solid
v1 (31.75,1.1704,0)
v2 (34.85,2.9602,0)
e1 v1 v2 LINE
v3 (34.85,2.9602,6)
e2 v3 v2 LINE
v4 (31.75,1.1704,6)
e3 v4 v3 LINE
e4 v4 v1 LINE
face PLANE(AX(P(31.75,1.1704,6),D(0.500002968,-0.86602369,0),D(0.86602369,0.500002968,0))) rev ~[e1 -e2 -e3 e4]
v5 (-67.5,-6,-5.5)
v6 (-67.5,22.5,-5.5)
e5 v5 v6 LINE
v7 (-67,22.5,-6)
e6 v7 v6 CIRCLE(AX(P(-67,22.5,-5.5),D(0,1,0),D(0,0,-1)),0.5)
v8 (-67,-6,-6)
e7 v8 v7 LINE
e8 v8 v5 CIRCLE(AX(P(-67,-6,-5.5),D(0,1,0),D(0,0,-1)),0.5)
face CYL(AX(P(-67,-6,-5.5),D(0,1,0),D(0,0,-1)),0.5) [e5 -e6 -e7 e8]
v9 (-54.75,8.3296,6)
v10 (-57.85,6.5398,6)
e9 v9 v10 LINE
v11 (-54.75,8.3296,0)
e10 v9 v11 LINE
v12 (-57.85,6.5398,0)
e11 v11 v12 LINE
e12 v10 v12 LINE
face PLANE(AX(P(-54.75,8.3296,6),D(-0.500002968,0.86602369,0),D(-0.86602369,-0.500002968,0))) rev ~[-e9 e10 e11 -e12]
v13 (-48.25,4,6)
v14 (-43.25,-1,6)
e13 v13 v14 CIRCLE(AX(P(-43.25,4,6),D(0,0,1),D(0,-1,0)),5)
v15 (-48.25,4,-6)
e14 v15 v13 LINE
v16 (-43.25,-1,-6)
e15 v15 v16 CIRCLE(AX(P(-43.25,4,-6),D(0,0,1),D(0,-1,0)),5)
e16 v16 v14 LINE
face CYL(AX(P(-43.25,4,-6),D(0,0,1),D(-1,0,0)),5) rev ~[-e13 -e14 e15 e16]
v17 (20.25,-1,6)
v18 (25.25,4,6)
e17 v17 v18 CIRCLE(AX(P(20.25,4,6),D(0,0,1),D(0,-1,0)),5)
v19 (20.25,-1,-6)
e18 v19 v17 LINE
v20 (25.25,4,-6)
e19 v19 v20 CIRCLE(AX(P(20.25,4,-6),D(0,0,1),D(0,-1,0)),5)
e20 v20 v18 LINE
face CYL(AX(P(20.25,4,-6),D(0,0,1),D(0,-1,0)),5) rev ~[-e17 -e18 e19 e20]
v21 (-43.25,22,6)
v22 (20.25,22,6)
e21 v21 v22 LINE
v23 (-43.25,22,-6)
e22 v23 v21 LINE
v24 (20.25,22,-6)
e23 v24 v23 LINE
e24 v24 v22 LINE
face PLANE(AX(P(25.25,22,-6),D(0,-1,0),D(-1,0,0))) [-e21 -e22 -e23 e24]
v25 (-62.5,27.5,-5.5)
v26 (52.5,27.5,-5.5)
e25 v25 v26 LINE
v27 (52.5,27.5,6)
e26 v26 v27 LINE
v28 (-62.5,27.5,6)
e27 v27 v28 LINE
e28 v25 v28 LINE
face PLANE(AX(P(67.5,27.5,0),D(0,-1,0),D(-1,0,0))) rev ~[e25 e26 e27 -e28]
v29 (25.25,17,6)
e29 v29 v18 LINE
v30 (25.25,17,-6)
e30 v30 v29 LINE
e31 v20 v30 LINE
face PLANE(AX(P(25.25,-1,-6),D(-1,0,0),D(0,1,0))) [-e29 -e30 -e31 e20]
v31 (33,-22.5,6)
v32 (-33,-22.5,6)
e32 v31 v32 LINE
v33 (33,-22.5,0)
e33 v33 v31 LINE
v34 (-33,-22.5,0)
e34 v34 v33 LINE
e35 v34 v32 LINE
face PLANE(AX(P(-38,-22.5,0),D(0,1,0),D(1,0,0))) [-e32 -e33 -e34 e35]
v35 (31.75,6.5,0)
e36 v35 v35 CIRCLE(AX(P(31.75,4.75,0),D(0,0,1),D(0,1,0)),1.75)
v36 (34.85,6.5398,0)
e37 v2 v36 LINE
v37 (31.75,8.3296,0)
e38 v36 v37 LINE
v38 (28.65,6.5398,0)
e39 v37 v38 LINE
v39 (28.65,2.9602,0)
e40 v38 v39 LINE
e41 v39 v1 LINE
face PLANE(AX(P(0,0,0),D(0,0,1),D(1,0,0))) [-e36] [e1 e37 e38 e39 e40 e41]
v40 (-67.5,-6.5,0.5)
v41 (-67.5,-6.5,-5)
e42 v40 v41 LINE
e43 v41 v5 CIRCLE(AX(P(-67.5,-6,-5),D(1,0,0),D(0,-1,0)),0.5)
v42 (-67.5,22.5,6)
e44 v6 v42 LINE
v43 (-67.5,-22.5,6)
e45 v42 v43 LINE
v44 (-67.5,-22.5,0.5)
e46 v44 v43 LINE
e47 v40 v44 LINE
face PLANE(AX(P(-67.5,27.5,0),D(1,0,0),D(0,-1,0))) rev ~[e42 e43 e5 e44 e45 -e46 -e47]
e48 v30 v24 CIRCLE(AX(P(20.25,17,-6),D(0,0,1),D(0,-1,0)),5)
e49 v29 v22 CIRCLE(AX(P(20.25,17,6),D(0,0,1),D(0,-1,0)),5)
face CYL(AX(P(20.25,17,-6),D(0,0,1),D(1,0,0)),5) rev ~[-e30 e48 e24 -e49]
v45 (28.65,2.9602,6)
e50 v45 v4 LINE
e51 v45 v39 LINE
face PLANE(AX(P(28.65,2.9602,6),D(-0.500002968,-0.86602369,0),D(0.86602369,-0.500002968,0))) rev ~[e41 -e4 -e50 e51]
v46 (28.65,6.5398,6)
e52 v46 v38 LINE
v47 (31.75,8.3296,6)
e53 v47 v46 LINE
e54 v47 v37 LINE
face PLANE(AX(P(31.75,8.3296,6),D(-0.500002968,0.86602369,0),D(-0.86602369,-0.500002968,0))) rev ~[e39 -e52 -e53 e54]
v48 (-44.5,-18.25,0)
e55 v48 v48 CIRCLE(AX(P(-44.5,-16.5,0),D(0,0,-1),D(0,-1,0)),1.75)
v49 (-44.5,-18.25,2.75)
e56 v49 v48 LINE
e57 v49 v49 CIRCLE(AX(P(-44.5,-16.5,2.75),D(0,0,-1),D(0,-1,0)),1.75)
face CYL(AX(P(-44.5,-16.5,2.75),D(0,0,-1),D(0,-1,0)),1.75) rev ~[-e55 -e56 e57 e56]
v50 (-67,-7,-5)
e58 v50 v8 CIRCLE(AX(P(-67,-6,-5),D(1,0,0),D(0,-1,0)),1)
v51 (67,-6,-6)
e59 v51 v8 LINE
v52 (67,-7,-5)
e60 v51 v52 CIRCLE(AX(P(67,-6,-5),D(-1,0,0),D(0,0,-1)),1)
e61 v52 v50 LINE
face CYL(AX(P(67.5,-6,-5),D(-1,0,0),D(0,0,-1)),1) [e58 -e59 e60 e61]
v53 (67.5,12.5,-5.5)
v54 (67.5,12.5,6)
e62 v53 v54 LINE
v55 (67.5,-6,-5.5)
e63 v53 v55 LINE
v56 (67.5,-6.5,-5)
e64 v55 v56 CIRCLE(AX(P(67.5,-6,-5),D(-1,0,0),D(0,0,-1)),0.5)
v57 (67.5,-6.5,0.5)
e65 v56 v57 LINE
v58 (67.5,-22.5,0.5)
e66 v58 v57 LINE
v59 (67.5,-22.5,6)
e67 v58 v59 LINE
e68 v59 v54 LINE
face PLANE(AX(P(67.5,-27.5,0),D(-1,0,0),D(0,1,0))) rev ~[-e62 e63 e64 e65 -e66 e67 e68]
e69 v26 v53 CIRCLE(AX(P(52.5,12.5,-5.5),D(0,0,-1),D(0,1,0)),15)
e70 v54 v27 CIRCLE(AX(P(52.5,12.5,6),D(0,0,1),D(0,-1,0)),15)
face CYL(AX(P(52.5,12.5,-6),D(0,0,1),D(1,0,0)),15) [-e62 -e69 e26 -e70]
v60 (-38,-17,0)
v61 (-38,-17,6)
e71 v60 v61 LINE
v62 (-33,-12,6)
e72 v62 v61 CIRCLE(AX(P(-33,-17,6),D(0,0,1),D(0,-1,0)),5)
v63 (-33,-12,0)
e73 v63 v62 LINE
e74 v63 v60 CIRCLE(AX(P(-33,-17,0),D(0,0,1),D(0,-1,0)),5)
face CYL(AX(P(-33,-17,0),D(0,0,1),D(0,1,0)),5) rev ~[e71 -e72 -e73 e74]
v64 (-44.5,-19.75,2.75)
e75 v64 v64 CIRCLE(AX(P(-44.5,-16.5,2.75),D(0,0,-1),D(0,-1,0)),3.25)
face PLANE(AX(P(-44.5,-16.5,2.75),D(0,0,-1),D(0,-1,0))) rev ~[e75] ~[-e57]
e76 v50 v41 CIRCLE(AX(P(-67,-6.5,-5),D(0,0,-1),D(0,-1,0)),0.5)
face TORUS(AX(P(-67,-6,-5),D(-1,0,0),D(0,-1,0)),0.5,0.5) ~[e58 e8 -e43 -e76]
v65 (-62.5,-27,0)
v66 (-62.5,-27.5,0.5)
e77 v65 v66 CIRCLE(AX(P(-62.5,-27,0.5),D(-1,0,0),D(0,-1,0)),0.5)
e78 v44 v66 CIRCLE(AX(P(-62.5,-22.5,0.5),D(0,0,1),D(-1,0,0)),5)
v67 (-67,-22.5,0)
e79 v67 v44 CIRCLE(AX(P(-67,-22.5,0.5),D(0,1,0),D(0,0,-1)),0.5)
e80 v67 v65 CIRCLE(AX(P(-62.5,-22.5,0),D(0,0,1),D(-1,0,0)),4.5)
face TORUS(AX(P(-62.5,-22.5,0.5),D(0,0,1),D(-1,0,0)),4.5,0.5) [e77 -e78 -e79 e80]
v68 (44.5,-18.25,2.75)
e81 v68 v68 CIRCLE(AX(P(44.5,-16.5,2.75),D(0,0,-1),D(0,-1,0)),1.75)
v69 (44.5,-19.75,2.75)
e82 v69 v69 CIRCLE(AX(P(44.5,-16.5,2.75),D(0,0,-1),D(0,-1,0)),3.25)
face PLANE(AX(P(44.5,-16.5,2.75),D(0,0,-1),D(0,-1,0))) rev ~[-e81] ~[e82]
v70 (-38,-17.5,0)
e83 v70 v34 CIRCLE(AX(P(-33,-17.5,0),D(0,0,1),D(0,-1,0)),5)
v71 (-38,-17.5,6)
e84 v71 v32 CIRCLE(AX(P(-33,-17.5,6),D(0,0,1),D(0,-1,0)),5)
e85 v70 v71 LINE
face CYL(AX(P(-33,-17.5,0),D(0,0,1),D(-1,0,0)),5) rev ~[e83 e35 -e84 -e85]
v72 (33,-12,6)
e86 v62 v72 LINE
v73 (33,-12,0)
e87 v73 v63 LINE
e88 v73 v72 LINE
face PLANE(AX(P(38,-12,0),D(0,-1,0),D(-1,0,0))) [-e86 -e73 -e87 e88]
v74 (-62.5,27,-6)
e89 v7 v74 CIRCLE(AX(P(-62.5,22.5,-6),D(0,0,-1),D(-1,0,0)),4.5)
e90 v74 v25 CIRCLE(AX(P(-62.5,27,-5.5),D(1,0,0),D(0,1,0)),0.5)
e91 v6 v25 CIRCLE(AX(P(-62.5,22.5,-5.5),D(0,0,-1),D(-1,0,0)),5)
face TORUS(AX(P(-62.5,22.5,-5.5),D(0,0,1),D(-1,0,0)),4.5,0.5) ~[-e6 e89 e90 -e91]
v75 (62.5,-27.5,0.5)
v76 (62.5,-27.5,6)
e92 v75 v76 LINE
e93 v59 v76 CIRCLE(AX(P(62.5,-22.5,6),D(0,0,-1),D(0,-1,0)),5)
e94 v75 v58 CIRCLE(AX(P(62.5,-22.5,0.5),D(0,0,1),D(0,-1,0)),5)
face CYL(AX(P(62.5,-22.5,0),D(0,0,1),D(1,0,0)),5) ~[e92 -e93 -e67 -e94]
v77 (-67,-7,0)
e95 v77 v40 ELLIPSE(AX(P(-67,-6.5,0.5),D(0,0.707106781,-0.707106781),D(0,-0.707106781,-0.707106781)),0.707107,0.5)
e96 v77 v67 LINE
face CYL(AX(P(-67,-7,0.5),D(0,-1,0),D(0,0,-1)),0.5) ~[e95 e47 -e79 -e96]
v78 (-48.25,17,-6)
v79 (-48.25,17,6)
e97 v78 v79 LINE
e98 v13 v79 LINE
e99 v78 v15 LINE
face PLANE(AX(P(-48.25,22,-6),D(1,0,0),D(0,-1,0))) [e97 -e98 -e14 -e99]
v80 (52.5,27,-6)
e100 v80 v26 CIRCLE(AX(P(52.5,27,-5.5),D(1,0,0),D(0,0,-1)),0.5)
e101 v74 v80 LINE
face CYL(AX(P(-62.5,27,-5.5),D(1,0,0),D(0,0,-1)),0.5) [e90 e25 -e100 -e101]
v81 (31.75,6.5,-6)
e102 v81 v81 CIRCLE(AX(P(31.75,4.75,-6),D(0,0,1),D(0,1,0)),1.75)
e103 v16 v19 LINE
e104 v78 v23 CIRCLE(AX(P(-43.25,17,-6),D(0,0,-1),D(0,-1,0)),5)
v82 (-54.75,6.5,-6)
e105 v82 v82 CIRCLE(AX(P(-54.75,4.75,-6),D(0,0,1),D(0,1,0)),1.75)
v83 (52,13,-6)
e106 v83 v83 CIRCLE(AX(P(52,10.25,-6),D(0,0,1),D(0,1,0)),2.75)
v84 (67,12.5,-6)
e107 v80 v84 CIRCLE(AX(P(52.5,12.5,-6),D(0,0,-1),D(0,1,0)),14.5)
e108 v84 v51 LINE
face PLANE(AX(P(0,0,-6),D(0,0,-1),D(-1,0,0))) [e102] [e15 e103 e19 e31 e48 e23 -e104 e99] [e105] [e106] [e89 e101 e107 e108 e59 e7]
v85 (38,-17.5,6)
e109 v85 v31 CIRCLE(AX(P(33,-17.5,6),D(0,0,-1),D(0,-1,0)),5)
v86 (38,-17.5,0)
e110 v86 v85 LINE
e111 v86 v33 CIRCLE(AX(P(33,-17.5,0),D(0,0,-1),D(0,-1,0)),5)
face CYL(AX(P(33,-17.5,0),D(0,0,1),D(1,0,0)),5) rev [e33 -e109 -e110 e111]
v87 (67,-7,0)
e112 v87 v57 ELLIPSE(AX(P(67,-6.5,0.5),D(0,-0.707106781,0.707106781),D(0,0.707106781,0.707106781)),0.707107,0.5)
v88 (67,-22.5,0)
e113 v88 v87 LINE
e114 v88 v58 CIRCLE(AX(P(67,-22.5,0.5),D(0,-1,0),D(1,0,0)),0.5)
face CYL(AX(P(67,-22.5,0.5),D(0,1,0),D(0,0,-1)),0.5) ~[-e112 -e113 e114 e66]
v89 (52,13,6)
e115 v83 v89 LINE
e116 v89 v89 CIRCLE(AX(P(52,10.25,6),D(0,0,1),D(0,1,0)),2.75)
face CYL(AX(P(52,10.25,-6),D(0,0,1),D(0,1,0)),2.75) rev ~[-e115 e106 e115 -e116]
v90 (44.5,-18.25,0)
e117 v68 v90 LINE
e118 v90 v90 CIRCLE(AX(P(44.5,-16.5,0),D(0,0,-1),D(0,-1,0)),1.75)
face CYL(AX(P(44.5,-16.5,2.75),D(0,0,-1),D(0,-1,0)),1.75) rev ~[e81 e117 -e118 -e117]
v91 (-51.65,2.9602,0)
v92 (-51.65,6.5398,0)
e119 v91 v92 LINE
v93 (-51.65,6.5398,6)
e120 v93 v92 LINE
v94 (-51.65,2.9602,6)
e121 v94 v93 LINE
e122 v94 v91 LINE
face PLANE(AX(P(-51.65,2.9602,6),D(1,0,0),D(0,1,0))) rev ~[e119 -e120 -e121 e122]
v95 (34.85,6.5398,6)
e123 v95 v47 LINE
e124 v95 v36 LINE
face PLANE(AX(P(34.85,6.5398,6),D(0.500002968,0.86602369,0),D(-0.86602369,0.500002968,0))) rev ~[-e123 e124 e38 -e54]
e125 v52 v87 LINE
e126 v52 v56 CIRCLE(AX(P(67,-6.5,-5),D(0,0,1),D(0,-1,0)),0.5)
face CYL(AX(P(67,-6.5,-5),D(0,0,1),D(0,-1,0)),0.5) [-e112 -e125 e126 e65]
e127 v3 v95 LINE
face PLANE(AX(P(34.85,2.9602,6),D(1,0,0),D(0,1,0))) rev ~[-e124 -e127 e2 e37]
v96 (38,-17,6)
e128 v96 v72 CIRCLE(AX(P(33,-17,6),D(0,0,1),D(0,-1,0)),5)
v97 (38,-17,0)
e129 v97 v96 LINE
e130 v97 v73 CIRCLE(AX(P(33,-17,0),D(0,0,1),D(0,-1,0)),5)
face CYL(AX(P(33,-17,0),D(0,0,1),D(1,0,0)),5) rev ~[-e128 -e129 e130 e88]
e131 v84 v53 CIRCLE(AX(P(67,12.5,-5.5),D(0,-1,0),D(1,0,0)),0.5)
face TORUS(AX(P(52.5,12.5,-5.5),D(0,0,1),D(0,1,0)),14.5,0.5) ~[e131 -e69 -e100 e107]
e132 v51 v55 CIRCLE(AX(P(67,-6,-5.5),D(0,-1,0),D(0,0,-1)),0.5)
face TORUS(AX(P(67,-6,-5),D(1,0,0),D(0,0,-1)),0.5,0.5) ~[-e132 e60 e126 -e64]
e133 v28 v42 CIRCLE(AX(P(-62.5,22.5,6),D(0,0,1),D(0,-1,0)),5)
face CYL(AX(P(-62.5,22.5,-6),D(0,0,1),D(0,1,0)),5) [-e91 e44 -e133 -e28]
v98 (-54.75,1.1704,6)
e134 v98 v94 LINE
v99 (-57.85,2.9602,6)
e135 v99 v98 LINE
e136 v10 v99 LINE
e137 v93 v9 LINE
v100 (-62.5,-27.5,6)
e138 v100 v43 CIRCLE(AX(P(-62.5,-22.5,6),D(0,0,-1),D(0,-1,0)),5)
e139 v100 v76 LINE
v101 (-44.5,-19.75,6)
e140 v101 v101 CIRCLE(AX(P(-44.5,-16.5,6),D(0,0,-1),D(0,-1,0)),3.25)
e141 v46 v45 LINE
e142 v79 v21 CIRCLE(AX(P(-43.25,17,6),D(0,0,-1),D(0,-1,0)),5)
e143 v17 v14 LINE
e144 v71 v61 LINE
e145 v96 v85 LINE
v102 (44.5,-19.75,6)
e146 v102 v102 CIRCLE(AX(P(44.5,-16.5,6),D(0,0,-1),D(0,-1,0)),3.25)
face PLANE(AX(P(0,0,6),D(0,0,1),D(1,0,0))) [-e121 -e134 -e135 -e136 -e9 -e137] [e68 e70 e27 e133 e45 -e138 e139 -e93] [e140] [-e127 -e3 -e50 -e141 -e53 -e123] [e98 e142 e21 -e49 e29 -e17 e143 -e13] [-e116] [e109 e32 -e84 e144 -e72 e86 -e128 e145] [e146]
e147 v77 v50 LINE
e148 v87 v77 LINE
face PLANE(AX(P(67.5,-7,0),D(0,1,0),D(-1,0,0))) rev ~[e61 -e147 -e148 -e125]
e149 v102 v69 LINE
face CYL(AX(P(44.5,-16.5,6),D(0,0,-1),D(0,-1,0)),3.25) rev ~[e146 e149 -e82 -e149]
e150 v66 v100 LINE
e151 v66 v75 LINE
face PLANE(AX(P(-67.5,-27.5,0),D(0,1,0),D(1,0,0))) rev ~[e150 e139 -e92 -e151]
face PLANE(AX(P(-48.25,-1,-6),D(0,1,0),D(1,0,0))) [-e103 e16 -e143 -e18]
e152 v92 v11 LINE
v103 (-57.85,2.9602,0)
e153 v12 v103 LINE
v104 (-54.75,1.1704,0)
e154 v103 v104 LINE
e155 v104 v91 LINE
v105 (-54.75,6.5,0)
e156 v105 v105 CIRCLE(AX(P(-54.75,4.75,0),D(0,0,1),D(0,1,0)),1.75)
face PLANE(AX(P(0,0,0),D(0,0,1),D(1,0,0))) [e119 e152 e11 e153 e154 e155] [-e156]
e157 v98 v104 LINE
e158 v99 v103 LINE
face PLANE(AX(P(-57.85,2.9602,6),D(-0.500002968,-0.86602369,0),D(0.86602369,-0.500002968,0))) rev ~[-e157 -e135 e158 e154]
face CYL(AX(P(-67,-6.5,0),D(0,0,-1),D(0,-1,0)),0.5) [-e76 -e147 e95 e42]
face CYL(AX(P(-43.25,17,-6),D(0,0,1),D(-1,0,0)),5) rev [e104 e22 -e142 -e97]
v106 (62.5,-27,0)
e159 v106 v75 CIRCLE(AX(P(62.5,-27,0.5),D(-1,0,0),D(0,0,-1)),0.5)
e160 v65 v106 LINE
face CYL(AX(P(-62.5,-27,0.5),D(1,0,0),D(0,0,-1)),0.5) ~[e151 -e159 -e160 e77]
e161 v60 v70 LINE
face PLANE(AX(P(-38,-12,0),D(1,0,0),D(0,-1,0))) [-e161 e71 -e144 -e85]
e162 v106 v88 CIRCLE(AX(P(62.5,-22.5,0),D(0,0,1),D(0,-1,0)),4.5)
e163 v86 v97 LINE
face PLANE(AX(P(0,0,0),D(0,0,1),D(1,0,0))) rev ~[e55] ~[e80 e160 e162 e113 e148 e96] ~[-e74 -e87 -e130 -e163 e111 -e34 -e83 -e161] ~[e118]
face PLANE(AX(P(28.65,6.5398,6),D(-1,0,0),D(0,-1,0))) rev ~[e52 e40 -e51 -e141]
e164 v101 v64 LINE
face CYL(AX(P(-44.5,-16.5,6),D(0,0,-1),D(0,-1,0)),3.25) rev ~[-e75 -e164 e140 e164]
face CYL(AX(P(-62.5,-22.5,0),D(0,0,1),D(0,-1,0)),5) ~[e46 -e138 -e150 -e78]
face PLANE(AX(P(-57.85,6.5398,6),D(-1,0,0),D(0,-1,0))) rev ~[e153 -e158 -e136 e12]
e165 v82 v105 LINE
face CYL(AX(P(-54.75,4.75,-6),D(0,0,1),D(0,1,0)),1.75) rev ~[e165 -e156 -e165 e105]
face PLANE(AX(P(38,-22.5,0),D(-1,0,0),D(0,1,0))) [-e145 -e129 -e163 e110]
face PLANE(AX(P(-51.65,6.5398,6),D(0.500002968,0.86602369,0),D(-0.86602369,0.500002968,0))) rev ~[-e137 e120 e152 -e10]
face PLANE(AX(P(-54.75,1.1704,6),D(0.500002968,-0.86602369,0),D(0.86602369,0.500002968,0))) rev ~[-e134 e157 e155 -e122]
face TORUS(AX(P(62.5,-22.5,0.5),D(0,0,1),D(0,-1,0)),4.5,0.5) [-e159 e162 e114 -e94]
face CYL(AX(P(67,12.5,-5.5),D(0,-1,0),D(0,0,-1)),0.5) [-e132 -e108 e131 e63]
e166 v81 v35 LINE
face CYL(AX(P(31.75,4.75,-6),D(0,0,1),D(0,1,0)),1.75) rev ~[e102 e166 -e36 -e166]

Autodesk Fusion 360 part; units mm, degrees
sketch "Sketch1" plane through (0, 0, 0) normal (0, 0, 1) x (1, 0, 0)
  line L0 (67.5, 27.5) -> (-67.5, 27.5)
  line L1 (-67.5, 27.5) -> (-67.5, -27.5)
  line L2 (-67.5, -27.5) -> (67.5, -27.5)
  line L3 (67.5, -27.5) -> (67.5, 27.5)
  line L4 (67.5, 27.5) -> (-67.5, -27.5) construction
  line L5 (-67.5, 27.5) -> (67.5, -27.5) construction
  dimension "d1" = 55
  dimension "d2" = 135
extrude "Extrude1" add sketch "Sketch1" along normal blind 6
sketch "Sketch3" plane through (0, 0, 0) normal (0, 0, -1) x (-1, 0, 0)
  line L0 (-67.5, 27.5) -> (-67.5, -27.5)
  line L1 (-67.5, -27.5) -> (67.5, -27.5)
  line L2 (67.5, -27.5) -> (67.5, 27.5)
  line L3 (67.5, 27.5) -> (-67.5, 27.5)
  line L4 (-67.5, -7) -> (67.5, -7)
  line L5 (67.5, -7) -> (67.5, 27.5)
  line L6 (67.5, 27.5) -> (-67.5, 27.5)
  line L7 (-67.5, 27.5) -> (-67.5, -7)
  line L8 (-67.5, -7) -> (67.5, 27.5) construction
  line L9 (67.5, -7) -> (-67.5, 27.5) construction
  point P0 (0, 10.25)
  dimension "d14" = 34.5
  dimension "d30" = 20.5
extrude "Extrude2" add sketch "Sketch3" along normal blind 6 contours L0 L2 L3 L4 L5 L6 L7
sketch "Sketch2" plane through (0, 0, 6) normal (0, 0, 1) x (1, 0, 0)
  line L0 (67.5, -27.5) -> (67.5, 27.5)
  line L1 (67.5, 27.5) -> (-67.5, 27.5)
  line L2 (-67.5, 27.5) -> (-67.5, -27.5)
  line L3 (-67.5, -27.5) -> (67.5, -27.5)
  line L4 (67.5, -7) -> (-67.5, -7)
  point P0 (-44.5, -16.5)
  point P1 (44.5, -16.5)
  dimension "d7" = 23
  dimension "d47" = 9.5
  dimension "d48" = 9.5
  dimension "d49" = 89
hole "Hole1" at (-44.5, -16.5, 6) at (44.5, -16.5, 6) direction (0, 0, -1) diameter 3.5 end through all counterbore diameter 6.5 counterbore depth 3.25
sketch "Sketch4" plane through (0, 0, -6) normal (0, 0, -1) x (-1, 0, 0)
  line L0 (-67.5, 27.5) -> (-67.5, -7)
  line L1 (-67.5, -7) -> (67.5, -7)
  line L2 (67.5, -7) -> (67.5, 27.5)
  line L3 (67.5, 27.5) -> (-67.5, 27.5)
  line L4 (-67.5, 4.75) -> (67.5, 4.75) construction
  point P0 (54.75, 4.75)
  point P1 (-31.75, 4.75)
  dimension "d19" = 12.75
  dimension "d20" = 86.5
  dimension "d31" = 11.75
hole "Hole2" at (31.75, 4.75, -6) at (-54.75, 4.75, -6) direction (0, 0, 1) diameter 3.5 end through all
sketch "Sketch5" plane through (0, 0, 6) normal (0, 0, 1) x (1, 0, 0)
  circle A0 centre (31.75, 4.75) radius 1.75
  circle A1 centre (-54.75, 4.75) radius 1.75
  circle A2 centre (-44.5, -16.5) radius 3.25
  circle A3 centre (44.5, -16.5) radius 3.25
  line L0 (67.5, -27.5) -> (67.5, 27.5)
  line L1 (67.5, 27.5) -> (-67.5, 27.5)
  line L2 (-67.5, 27.5) -> (-67.5, -27.5)
  line L3 (-67.5, -27.5) -> (67.5, -27.5)
  line L4 (-51.65, 6.5398) -> (-54.75, 8.3296)
  line L5 (-54.75, 8.3296) -> (-57.85, 6.5398)
  line L6 (-57.85, 6.5398) -> (-57.85, 2.9602)
  line L7 (-57.85, 2.9602) -> (-54.75, 1.1704)
  line L8 (-54.75, 1.1704) -> (-51.65, 2.9602)
  line L9 (-51.65, 2.9602) -> (-51.65, 6.5398)
  line L10 (34.85, 2.9602) -> (34.85, 6.5398)
  line L11 (34.85, 6.5398) -> (31.75, 8.3296)
  line L12 (31.75, 8.3296) -> (28.65, 6.5398)
  line L13 (28.65, 6.5398) -> (28.65, 2.9602)
  line L14 (28.65, 2.9602) -> (31.75, 1.1704)
  line L15 (31.75, 1.1704) -> (34.85, 2.9602)
  point P0 (-54.75, 4.75)
  point P1 (31.75, 4.75)
  dimension "d24" = 6.2
  dimension "d25" = 6.2
extrude "Extrude3" cut sketch "Sketch5" against normal blind 6 contours L4 L5 L6 L7 L8 L9 | L10 L11 L12 L13 L14 L15
sketch "Sketch6" plane through (0, 0, -6) normal (0, 0, -1) x (-1, 0, 0)
  circle A0 centre (-31.75, 4.75) radius 1.75
  circle A1 centre (54.75, 4.75) radius 1.75
  line L0 (-67.5, 27.5) -> (-67.5, -7)
  line L1 (-67.5, -7) -> (67.5, -7)
  line L2 (67.5, -7) -> (67.5, 27.5)
  line L3 (67.5, 27.5) -> (-67.5, 27.5)
  line L4 (59.5, -7) -> (-36.5, -7) construction
  line L5 (-36.5, -7) -> (-36.5, 28) construction
  line L6 (-36.5, 28) -> (59.5, 28) construction
  line L7 (59.5, 28) -> (59.5, -7) construction
  line L8 (59.5, -7) -> (-36.5, 28) construction
  line L9 (-36.5, -7) -> (59.5, 28) construction
  line L10 (11.5, 50.5144) -> (11.5, -41.0982) construction
  line L11 (-52, 27.5) -> (-52, -7) construction
  line L12 (-36.5, 10.25) -> (-67.5, 10.25) construction
  point P0 (11.5, 10.5)
  point P1 (-52, 10.25)
  dimension "d28" = 35
  dimension "d29" = 96
hole "Hole3" at (52, 10.25, -6) direction (0, 0, 1) diameter 5.5 end through all
fillet "Fillet1" radius 5 2 edges at (67.5, -27.5, 3) (-67.5, -27.5, 3)
fillet "Fillet1" radius 5 1 edges at (-67.5, 27.5, 0)
fillet "Fillet3" radius 15 1 edges at (67.5, 27.5, 0)
fillet "Fillet4" radius 1 1 edges at (0, -7, -6)
fillet "Fillet5" radius 0.5 14 edges at (-67.5, -14.75, 0) (-66.0355, -26.0355, 0) (0, -27.5, 0) (66.0355, -26.0355, 0) (67.5, -14.75, 0) (-67.5, -7, -2.5) (-67.5, -6.7071, -5.7071) (-67.5, 8.25, -6) (-66.0355, 26.0355, -6) (-5, 27.5, -6) (63.1066, 23.1066, -6) (67.5, 3.25, -6) (67.5, -6.7071, -5.7071) (67.5, -7, -2.5)
sketch "Sketch7" plane through (0, 0, -6) normal (0, 0, -1) x (-1, 0, 0)
  line L0 (-67, 12.5) -> (-67, -6)
  line L1 (-67, -6) -> (67, -6)
  line L2 (67, -6) -> (67, 22.5)
  arc A0 (67, 22.5) -> (62.5, 27) centre (62.5, 22.5) ccw
  line L3 (62.5, 27) -> (-52.5, 27)
  arc A1 (-52.5, 27) -> (-67, 12.5) centre (-52.5, 12.5) ccw
  circle A2 centre (54.75, 4.75) radius 1.75
  circle A3 centre (-31.75, 4.75) radius 1.75
  circle A4 centre (-52, 10.25) radius 2.75
  line L4 (-25.25, 22) -> (48.25, 22)
  line L5 (48.25, 22) -> (48.25, -1)
  line L6 (48.25, -1) -> (-25.25, -1)
  line L7 (-25.25, -1) -> (-25.25, 22)
  line L8 (-25.25, 22) -> (48.25, -1) construction
  line L9 (48.25, 22) -> (-25.25, -1) construction
  point P0 (11.5, 10.5)
  dimension "d50" = 5
  dimension "d51" = 5
  dimension "d52" = 6.5
  dimension "d53" = 6.5
extrude "Extrude4" cut sketch "Sketch7" against normal through all contours L4 L5 L6 L7
fillet "Fillet6" radius 5 4 edges at (25.25, 22, 0) (25.25, -1, 0) (-48.25, -1, 0) (-48.25, 22, 0)
sketch "Sketch8" plane through (0, 0, 0) normal (0, 0, -1) x (-1, 0, 0)
  line L0 (-67, -7) -> (-67, -22.5)
  arc A0 (-67, -22.5) -> (-62.5, -27) centre (-62.5, -22.5) ccw
  line L1 (-62.5, -27) -> (62.5, -27)
  arc A1 (62.5, -27) -> (67, -22.5) centre (62.5, -22.5) ccw
  line L2 (67, -22.5) -> (67, -7)
  line L3 (67, -7) -> (-67, -7)
  circle A2 centre (-44.5, -16.5) radius 1.75
  circle A3 centre (44.5, -16.5) radius 1.75
  line L4 (38, -22.5) -> (-38, -22.5)
  line L5 (-38, -22.5) -> (-38, -12)
  line L6 (-38, -12) -> (38, -12)
  line L7 (38, -12) -> (38, -22.5)
  line L8 (38, -22.5) -> (-38, -12) construction
  line L9 (-38, -22.5) -> (38, -12) construction
  line L10 (-62.5, -27.5) -> (62.5, -27.5)
  point P0 (0, -17.25)
  dimension "d57" = 5
  dimension "d58" = 5
  dimension "d59" = 6.5
  dimension "d60" = 6.5
extrude "Extrude5" cut sketch "Sketch8" against normal through all contours L4 L5 L6 L7
fillet "Fillet7" radius 5 4 edges at (38, -12, 3) (38, -22.5, 3) (-38, -22.5, 3) (-38, -12, 3)
equation "d7 = 21.5 mm + 1.5 mm"
equation "d19 = 15 mm - 2.25 mm"
equation "d20 = 82 mm + 4.5 mm"
equation "d25 = d24"
equation "d31 = 9.5 mm + 2.25 mm"
equation "d51 = d50"
equation "d53 = d52"
equation "d58 = d57"
equation "d60 = d59"
